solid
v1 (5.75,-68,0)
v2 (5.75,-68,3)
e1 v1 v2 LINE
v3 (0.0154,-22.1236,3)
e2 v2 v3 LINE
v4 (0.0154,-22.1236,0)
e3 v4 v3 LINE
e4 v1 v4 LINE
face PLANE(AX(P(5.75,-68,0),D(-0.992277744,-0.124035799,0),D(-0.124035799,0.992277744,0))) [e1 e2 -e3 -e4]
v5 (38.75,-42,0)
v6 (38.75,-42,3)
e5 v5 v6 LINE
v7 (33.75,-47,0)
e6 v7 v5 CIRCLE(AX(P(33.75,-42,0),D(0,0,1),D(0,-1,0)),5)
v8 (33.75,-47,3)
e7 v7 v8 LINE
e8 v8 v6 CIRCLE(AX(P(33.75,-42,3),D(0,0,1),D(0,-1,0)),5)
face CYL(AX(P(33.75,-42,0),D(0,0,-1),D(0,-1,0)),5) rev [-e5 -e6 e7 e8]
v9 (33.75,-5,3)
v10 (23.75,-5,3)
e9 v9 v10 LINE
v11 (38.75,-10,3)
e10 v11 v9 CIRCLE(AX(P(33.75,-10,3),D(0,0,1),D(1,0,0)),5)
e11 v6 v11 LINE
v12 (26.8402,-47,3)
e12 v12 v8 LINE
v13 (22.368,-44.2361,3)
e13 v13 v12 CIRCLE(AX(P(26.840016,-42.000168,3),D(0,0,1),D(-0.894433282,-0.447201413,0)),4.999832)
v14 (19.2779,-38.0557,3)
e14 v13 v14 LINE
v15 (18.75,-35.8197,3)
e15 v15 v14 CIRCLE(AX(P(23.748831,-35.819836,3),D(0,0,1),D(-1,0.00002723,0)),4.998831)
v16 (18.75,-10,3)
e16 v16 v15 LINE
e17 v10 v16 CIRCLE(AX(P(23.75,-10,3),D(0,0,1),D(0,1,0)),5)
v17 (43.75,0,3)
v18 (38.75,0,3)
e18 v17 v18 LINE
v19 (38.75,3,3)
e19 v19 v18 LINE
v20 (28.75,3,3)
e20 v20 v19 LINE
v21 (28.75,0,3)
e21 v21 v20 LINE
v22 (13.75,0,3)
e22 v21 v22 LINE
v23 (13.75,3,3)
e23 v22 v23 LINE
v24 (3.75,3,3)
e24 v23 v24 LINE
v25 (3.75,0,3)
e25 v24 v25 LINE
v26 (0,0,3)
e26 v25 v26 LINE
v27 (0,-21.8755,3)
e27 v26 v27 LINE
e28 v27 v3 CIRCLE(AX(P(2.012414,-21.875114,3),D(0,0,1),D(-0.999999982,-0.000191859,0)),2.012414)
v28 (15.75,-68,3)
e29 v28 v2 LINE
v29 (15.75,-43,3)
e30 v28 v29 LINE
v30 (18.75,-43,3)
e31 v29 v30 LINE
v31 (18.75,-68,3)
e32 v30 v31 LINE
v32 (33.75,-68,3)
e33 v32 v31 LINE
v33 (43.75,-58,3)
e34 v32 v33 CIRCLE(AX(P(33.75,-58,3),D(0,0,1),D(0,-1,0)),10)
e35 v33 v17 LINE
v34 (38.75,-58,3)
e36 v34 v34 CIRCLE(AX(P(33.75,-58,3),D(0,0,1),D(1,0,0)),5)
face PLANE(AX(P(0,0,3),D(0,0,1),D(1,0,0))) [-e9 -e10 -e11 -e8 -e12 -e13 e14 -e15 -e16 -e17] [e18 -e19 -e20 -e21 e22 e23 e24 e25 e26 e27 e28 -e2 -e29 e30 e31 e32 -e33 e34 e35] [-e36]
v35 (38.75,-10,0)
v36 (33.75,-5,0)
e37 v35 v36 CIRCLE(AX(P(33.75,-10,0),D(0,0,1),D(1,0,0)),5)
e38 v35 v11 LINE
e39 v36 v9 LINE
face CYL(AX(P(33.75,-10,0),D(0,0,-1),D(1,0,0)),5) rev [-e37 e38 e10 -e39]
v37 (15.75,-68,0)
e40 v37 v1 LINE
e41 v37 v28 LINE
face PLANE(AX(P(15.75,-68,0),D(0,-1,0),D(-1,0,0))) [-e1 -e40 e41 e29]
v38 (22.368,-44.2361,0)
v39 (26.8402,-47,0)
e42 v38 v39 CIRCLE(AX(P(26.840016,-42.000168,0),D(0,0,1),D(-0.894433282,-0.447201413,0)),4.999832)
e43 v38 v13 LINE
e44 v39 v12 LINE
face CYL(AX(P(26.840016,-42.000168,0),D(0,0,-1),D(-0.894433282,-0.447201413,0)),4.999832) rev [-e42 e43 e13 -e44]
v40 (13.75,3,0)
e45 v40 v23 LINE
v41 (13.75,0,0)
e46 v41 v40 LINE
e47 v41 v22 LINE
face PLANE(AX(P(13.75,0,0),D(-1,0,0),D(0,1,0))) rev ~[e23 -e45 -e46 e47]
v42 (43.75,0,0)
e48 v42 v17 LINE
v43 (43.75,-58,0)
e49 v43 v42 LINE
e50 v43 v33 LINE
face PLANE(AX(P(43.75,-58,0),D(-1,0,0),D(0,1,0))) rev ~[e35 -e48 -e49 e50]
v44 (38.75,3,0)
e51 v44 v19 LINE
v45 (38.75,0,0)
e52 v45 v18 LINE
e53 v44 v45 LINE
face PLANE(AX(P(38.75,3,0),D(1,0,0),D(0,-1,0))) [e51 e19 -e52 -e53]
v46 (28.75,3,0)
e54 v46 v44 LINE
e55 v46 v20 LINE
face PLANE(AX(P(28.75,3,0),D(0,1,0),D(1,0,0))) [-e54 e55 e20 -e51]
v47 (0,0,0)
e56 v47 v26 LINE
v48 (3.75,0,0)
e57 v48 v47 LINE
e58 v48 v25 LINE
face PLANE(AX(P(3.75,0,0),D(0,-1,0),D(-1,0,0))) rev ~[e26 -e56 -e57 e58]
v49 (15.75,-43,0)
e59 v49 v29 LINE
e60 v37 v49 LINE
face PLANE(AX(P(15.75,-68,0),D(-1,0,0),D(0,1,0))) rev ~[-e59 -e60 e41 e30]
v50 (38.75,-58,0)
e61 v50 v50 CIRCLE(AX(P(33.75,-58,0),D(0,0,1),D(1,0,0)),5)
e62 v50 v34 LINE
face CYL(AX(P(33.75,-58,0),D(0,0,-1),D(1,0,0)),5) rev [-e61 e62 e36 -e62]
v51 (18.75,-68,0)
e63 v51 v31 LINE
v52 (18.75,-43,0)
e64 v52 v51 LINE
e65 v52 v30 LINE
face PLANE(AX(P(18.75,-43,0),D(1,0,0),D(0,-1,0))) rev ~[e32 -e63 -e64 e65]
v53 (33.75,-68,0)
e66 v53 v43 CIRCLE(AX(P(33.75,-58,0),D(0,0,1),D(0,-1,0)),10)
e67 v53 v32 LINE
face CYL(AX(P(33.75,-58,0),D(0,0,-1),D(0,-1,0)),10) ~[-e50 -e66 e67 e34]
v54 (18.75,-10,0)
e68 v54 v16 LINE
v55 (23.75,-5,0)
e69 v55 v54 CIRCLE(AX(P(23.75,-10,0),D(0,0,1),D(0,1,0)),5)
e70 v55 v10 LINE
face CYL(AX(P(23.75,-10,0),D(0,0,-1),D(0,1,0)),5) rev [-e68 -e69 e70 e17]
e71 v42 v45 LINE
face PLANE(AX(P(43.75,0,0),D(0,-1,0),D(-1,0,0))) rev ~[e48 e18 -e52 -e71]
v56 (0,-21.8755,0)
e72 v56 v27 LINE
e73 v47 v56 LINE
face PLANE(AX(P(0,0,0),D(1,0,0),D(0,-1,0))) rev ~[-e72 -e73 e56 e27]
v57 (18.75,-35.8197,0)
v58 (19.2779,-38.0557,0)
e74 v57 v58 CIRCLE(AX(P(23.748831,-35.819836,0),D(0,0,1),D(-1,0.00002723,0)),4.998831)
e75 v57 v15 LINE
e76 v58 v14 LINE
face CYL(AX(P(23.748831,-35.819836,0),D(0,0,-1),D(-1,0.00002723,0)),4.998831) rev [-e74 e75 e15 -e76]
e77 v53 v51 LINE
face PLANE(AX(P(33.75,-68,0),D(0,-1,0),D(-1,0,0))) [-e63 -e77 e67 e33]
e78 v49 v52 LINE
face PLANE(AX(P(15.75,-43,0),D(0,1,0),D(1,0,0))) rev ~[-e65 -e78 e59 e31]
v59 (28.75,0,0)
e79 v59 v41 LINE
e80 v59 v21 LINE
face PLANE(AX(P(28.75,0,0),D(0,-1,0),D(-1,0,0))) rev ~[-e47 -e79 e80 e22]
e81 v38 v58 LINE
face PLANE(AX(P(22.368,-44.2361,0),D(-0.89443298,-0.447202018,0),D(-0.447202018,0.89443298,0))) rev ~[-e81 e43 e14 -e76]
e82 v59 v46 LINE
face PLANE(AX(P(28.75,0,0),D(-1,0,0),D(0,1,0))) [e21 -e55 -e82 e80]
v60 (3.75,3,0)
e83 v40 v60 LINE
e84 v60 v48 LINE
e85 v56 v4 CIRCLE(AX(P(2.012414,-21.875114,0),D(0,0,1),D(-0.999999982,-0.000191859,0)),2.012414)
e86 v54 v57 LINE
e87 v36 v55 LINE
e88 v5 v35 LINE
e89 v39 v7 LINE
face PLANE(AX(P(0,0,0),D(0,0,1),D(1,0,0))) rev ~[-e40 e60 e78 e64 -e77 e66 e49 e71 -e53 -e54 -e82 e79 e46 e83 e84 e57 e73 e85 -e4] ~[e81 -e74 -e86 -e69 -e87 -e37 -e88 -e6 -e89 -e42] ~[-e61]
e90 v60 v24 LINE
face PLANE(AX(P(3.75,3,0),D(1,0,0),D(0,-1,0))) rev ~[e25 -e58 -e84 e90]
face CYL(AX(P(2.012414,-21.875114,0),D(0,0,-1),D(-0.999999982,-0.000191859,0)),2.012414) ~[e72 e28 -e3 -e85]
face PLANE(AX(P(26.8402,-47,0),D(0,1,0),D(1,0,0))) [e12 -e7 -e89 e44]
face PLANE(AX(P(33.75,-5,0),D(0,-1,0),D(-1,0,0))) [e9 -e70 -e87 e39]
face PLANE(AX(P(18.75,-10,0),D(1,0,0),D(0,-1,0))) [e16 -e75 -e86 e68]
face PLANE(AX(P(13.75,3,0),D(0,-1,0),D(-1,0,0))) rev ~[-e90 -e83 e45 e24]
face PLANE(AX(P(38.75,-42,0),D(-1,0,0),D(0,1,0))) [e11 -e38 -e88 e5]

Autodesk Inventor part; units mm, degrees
ref_plane "YZ Plane" through (0, 0, 0) normal (1, 0, 0) x (0, 1, 0)
ref_plane "XZ Plane" through (0, 0, 0) normal (0, 1, 0) x (-1, 0, 0)
ref_plane "XY Plane" through (0, 0, 0) normal (0, 0, 1) x (1, 0, 0)
sketch "Sketch1" plane through (0, 0, 0) normal (0, 0, 1) x (1, 0, 0)
  line L0 (15.75, -68) -> (15.75, -43)
  line L1 (15.75, -43) -> (18.75, -43)
  line L2 (18.75, -43) -> (18.75, -68)
  line L3 (43.75, -58) -> (43.75, 0)
  arc A0 (33.75, -68) -> (43.75, -58) centre (33.75, -58) ccw
  circle A1 centre (33.75, -58) radius 5
  line L4 (13.75, 0) -> (13.75, 3)
  line L5 (13.75, 3) -> (3.75, 3)
  line L6 (3.75, 3) -> (3.75, 0)
  line L7 (28.75, 0) -> (28.75, 3)
  line L8 (28.75, 3) -> (38.75, 3)
  line L9 (38.75, 3) -> (38.75, 0)
  line L10 (43.75, 0) -> (38.75, 0)
  line L11 (28.75, 0) -> (13.75, 0)
  line L12 (3.75, 0) -> (0, 0)
  line L13 (0, 0) -> (0, -21.8755)
  line L14 (5.75, -68) -> (0.0154, -22.1236)
  arc A2 (0, -21.8755) -> (0.0154, -22.1236) centre (2, -21.8755) ccw
  line L15 (33.75, -68) -> (18.75, -68)
  line L16 (15.75, -68) -> (5.75, -68)
  line L17 (26.8402, -47) -> (33.75, -47)
  line L18 (38.75, -42) -> (38.75, -10)
  line L19 (22.368, -44.2361) -> (19.2779, -38.0557)
  line L20 (33.75, -5) -> (23.75, -5)
  line L21 (18.75, -10) -> (18.75, -35.8197)
  arc A3 (23.75, -5) -> (18.75, -10) centre (23.75, -10) ccw
  arc A4 (38.75, -10) -> (33.75, -5) centre (33.75, -10) ccw
  arc A5 (33.75, -47) -> (38.75, -42) centre (33.75, -42) ccw
  arc A6 (22.368, -44.2361) -> (26.8402, -47) centre (26.8402, -42) ccw
  arc A7 (18.75, -35.8197) -> (19.2779, -38.0557) centre (23.75, -35.8197) ccw
  point P0 (43.75, -69.5)
  point P1 (0, -22)
  point P2 (23.75, -47)
  point P3 (18.75, -37)
  dimension "d7" = 10
  dimension "d12" = 10
  dimension "d17" = 10
  dimension "d18" = 3
  dimension "d20" = 10
  dimension "d21" = 3
  dimension "d22" = 5
  dimension "d23" = 15
  dimension "d24" = 3
  dimension "d25" = 3
  dimension "d42" = 3
  dimension "d46" = 3.75
  dimension "d47" = 22
  dimension "d49" = 2
  dimension "d54" = 10
  dimension "d55" = 15
  dimension "d57" = 68
  dimension "d58" = 15.75
  dimension "d59" = 25
  dimension "d61" = 5
  dimension "d65" = 5
  dimension "d66" = 10
  dimension "d67" = 5
  dimension "d68" = 5
extrude "Extrusion2" add sketch "Sketch1" along normal blind 3
properties part number "OpenROV 2_3 Dev Handle1"
